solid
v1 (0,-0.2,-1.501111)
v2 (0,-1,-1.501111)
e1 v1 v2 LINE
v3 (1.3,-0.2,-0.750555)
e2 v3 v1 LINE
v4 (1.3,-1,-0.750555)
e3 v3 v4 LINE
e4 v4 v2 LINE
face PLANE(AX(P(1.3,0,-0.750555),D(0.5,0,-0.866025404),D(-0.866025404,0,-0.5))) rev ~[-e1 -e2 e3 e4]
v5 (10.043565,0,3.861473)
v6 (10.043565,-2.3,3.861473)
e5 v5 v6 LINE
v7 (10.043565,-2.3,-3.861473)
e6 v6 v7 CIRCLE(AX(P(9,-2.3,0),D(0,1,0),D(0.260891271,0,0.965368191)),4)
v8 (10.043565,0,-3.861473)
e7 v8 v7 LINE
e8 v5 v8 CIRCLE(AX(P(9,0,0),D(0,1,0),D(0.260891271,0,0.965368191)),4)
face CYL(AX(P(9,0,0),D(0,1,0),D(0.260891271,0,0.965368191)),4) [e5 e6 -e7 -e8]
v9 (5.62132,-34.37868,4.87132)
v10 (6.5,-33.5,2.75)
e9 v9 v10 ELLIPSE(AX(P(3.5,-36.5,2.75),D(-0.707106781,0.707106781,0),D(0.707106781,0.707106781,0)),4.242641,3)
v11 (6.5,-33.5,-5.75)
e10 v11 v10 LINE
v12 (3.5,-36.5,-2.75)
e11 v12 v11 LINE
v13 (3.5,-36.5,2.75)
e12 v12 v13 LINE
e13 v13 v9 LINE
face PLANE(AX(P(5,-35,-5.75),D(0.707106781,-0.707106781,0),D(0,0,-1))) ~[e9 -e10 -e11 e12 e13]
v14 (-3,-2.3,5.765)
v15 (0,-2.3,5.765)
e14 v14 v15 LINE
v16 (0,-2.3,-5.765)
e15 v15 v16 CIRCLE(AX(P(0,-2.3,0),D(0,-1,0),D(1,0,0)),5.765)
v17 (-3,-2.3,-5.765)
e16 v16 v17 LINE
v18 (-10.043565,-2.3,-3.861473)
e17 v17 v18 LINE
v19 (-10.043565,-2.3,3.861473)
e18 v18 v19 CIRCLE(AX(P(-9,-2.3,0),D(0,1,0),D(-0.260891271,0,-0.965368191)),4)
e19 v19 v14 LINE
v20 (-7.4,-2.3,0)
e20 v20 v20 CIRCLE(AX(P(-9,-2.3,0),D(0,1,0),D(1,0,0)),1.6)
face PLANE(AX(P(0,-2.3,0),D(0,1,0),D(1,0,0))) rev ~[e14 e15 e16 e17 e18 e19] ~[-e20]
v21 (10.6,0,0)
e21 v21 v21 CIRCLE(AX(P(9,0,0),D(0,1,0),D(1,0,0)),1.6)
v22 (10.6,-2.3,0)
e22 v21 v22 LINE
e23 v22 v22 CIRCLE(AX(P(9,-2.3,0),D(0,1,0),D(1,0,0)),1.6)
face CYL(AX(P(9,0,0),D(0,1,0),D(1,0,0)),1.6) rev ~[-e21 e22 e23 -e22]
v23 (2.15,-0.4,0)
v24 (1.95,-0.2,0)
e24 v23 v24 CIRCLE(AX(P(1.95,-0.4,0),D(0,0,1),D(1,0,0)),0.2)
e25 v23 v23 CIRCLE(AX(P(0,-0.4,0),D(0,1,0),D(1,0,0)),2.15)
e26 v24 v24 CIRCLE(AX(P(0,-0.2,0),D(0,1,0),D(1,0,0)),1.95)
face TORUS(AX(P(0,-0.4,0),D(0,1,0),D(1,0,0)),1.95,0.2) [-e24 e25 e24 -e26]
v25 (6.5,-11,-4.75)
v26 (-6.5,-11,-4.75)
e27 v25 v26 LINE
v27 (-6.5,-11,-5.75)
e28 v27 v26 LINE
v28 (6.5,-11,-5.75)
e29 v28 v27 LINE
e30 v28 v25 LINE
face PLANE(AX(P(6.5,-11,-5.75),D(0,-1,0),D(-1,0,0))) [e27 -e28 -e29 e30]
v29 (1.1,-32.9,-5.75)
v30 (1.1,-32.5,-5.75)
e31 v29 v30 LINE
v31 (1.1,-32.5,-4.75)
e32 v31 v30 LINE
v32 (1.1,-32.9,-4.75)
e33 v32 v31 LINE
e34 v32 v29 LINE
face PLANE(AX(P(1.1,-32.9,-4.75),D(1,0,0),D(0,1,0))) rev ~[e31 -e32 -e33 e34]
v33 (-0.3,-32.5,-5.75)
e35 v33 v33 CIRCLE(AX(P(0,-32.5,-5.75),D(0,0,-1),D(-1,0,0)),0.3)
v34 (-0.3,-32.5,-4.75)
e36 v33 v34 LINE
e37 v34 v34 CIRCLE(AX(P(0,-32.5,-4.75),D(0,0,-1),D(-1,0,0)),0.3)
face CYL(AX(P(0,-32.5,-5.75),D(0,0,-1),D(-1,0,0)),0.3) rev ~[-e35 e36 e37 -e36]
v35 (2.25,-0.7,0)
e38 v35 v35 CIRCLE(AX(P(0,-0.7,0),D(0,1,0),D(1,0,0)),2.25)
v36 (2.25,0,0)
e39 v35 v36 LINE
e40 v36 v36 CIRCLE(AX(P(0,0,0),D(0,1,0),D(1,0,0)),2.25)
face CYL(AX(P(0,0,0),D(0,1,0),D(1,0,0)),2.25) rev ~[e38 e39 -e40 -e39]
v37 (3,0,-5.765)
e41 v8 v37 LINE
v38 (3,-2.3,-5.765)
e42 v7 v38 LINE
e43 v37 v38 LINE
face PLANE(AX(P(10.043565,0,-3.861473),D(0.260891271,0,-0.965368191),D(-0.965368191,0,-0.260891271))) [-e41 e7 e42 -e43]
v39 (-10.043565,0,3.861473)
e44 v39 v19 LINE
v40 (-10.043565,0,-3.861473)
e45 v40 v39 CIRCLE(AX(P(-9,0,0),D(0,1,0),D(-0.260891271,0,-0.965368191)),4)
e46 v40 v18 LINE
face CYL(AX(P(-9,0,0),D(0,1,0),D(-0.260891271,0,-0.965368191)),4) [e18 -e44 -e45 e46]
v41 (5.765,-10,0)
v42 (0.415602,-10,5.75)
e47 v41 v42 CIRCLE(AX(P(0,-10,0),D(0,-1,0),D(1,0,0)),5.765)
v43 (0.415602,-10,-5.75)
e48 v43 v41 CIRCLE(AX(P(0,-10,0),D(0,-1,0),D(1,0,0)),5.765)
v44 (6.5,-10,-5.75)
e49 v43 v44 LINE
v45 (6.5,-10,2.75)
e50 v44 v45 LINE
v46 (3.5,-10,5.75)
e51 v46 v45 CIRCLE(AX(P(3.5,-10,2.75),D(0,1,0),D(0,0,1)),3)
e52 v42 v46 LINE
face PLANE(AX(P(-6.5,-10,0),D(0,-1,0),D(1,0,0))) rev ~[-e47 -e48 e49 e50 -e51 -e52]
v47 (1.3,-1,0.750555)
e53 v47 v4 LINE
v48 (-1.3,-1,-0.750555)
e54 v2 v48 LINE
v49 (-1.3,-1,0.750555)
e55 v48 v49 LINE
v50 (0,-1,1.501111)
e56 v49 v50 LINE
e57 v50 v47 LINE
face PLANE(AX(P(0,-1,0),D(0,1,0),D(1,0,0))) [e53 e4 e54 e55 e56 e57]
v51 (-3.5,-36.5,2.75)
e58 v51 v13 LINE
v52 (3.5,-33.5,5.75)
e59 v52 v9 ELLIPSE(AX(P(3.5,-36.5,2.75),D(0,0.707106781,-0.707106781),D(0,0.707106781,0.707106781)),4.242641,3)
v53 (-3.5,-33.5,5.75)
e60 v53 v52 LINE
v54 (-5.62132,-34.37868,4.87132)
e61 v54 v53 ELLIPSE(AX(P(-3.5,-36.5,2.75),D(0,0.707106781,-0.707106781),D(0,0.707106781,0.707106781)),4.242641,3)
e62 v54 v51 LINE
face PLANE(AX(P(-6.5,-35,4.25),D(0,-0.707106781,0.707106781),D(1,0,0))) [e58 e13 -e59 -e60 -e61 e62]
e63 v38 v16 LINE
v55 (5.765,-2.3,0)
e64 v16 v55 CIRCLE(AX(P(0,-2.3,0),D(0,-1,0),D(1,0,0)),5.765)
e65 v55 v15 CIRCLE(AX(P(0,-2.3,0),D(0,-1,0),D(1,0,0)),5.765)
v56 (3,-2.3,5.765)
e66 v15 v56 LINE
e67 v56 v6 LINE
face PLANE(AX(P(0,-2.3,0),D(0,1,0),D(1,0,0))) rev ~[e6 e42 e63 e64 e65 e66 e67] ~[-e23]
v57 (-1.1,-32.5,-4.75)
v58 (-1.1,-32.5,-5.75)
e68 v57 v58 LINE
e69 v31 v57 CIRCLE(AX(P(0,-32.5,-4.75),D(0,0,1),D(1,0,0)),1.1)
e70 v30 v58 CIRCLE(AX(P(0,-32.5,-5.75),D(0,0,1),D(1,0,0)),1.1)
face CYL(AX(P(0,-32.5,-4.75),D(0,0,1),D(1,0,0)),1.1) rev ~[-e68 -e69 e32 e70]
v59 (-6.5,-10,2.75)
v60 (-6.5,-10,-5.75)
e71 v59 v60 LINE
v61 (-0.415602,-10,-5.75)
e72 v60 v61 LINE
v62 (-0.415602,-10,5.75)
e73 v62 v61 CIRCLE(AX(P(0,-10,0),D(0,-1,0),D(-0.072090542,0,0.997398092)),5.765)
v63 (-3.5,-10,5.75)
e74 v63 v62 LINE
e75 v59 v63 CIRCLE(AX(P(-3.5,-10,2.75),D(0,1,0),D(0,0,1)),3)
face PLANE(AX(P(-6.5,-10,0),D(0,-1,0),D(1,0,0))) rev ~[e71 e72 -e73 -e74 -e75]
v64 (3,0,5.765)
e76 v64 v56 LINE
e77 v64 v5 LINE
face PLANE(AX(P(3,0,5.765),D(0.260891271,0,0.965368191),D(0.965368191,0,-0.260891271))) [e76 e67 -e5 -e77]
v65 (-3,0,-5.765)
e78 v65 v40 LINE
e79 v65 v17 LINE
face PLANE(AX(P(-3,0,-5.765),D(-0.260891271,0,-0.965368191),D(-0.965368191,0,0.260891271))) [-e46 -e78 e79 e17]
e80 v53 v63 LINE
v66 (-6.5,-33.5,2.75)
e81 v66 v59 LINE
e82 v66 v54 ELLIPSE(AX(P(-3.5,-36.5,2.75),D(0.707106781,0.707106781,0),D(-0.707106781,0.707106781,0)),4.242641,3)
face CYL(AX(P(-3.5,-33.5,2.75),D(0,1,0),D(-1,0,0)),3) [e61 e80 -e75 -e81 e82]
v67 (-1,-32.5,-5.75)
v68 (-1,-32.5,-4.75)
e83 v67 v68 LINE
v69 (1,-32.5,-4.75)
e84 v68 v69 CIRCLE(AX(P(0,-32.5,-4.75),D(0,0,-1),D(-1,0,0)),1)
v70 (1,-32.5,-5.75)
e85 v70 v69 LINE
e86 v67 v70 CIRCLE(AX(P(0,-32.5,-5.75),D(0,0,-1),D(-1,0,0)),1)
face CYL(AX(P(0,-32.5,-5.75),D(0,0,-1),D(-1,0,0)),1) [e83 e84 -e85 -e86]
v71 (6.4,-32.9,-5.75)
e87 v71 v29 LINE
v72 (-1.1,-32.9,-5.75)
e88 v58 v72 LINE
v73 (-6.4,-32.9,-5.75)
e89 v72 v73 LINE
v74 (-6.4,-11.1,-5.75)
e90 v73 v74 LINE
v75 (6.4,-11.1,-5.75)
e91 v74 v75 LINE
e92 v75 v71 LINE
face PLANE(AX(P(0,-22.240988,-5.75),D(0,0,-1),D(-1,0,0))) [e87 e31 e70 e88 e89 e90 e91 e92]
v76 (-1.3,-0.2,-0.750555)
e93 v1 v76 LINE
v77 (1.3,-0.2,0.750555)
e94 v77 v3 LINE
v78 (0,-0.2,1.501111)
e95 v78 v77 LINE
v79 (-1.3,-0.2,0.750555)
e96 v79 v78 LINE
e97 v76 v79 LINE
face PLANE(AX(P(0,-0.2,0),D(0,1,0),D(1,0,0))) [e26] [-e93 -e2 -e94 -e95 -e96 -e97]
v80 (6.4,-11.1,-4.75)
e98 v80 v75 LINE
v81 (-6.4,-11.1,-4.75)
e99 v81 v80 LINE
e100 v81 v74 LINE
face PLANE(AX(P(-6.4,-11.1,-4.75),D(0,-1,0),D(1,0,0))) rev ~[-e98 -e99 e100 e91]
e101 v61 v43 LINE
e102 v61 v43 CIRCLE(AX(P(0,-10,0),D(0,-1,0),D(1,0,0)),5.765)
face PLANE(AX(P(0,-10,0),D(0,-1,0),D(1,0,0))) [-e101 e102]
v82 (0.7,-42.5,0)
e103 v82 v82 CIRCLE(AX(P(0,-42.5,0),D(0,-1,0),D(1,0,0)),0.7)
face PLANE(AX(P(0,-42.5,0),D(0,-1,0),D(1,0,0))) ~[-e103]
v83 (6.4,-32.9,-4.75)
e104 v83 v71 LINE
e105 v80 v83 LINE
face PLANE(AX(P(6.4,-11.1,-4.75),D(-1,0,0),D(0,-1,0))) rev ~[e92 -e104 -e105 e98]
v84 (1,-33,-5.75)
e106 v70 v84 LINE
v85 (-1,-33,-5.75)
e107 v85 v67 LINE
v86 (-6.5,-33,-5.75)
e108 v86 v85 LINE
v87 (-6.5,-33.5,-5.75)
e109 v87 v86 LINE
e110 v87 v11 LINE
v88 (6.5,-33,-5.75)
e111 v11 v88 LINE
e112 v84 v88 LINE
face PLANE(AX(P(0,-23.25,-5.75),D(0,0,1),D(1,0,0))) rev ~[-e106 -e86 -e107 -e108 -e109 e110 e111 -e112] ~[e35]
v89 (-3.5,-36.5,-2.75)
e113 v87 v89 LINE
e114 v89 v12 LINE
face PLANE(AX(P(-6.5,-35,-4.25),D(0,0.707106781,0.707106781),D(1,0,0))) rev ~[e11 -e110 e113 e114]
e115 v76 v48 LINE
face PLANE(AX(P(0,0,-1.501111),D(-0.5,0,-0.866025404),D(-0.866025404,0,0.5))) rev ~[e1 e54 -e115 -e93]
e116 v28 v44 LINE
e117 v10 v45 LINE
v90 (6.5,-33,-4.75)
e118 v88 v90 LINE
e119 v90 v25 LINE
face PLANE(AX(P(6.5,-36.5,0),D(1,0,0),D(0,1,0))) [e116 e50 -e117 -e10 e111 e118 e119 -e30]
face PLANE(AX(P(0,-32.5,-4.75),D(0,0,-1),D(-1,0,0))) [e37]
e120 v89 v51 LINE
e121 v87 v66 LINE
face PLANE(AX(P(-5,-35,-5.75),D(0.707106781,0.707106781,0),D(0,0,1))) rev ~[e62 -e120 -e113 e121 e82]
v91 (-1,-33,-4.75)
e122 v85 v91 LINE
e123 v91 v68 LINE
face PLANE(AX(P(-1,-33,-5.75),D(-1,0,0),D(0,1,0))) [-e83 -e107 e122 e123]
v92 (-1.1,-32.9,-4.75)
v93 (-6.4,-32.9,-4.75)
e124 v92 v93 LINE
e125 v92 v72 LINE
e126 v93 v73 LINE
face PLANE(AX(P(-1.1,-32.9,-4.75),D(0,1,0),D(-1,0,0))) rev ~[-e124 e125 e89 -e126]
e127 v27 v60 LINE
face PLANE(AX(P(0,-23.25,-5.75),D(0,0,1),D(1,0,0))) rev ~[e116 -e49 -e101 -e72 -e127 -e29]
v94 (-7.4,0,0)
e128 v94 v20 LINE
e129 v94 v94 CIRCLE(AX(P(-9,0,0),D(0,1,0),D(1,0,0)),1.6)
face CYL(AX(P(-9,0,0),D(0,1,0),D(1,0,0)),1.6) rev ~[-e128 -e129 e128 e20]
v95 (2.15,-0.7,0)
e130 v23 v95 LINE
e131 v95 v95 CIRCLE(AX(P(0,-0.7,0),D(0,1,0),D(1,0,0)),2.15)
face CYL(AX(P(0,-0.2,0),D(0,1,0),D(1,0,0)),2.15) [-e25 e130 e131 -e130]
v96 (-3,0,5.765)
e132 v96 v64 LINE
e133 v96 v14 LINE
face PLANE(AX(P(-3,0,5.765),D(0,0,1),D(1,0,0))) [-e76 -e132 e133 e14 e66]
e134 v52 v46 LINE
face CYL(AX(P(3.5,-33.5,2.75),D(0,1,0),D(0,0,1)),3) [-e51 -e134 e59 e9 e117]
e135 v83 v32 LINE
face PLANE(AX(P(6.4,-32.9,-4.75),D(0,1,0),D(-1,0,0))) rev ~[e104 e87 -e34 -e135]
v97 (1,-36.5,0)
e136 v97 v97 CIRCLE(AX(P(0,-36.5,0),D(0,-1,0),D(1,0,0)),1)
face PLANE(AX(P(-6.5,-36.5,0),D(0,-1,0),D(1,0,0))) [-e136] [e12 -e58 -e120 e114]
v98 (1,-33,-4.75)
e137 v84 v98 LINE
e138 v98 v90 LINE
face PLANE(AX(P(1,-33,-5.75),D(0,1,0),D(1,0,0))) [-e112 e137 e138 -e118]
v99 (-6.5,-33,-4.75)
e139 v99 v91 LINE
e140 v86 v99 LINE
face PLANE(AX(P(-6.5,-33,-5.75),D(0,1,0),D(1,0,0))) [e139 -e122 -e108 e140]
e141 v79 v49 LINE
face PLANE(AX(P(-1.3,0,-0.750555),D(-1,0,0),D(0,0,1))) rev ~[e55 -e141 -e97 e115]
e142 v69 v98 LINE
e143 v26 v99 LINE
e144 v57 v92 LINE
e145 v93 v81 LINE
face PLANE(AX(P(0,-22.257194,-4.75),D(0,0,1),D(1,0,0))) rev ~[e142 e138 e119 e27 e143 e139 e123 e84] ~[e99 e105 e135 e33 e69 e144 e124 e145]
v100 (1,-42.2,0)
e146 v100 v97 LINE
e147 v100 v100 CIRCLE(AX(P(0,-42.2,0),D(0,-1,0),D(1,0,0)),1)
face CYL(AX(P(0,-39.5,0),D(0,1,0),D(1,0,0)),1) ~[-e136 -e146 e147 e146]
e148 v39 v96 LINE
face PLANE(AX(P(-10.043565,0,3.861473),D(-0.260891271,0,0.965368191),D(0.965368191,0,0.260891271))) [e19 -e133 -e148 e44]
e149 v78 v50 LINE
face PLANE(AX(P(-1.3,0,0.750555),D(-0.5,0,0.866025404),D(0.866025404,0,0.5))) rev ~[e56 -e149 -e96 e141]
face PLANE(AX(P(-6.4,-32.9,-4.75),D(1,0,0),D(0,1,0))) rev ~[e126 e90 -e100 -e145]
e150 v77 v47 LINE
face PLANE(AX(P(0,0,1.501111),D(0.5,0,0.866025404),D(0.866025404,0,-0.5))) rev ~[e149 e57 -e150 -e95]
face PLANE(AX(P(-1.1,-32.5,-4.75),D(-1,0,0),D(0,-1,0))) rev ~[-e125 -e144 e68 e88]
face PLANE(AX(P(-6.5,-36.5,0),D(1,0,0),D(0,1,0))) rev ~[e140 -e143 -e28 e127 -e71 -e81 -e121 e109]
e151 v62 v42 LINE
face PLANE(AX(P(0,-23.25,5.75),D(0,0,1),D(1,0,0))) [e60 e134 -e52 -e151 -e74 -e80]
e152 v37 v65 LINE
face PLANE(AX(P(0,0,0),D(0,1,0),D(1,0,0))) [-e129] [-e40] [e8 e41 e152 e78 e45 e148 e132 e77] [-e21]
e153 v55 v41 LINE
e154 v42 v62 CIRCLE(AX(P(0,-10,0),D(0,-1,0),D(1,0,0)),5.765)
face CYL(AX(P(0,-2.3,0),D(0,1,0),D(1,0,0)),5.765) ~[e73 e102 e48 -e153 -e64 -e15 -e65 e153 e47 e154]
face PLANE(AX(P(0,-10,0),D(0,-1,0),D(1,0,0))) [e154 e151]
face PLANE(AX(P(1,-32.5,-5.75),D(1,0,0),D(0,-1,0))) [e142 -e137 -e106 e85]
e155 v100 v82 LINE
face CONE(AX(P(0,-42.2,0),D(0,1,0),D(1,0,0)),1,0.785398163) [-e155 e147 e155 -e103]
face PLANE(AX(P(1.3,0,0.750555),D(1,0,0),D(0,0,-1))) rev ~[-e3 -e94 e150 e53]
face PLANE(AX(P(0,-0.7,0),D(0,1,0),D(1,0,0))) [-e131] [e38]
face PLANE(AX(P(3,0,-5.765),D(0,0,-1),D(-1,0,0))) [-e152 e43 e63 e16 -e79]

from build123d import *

# Parameters (mm, degrees)
SKETCH1_R                = 1.6
BOSS_EXTRUDE1_DEPTH      = 2.3
SKETCH2_R                = 5.765
BOSS_EXTRUDE2_DEPTH      = 7.7
SKETCH3_W                = 13
SKETCH3_H                = 26.5
BOSS_EXTRUDE3_DEPTH      = 5.75
BOSS_EXTRUDE3_DEPTH_BACK = 5.75
SKETCH4_W                = 1
SKETCH4_H                = 6
CHAMFER1_SIZE            = 3
FILLET1_R                = 3
CHAMFER2_SIZE            = 0.3
SKETCH9_R                = 2.25
CUT_EXTRUDE1_DEPTH       = 0.2
CUT_EXTRUDE2_DEPTH       = 1
SKETCH11_R               = 2.25
SKETCH11_R_2             = 2.15
CUT_EXTRUDE3_DEPTH       = 0.5
FILLET2_R                = 0.2
SKETCH12_R               = 0.3
CUT_EXTRUDE4_DEPTH       = 1
BOSS_EXTRUDE4_DEPTH      = 1


with BuildPart() as part:
    # Sketch1 → Boss-Extrude1 (new body)
    with BuildSketch(Plane(origin=(0, 0, 0), x_dir=(1, 0, 0), z_dir=(0, 1, 0))):
        with BuildLine():
            Line((3, 5.765), (-3, 5.765))
            Line((-3, 5.765), (-10.043565082, 3.861472766))
            ThreePointArc((-10.043565082, 3.861472766), (-13, 0), (-10.043565082, -3.861472766))
            Line((-10.043565082, -3.861472766), (-3, -5.765))
            Line((-3, -5.765), (3, -5.765))
            Line((3, -5.765), (10.043565082, -3.861472766))
            ThreePointArc((10.043565082, -3.861472766), (13, 0), (10.043565082, 3.861472766))
            Line((10.043565082, 3.861472766), (3, 5.765))
        make_face()
        with Locations((9, 0)):
            Circle(SKETCH1_R, mode=Mode.SUBTRACT)
        with Locations((-9, 0)):
            Circle(SKETCH1_R, mode=Mode.SUBTRACT)
    extrude(amount=-BOSS_EXTRUDE1_DEPTH)

    # Sketch2 → Boss-Extrude2 (add)
    with BuildSketch(Plane.XZ.offset(2.3)):
        Circle(SKETCH2_R)
    extrude(amount=BOSS_EXTRUDE2_DEPTH)

    # Sketch3 → Boss-Extrude3 (add, two sides)
    with BuildSketch(Plane.XY) as boss_extrude3_sk:
        with Locations((0, -23.25)):
            Rectangle(SKETCH3_W, SKETCH3_H)
    extrude(amount=BOSS_EXTRUDE3_DEPTH)
    extrude(boss_extrude3_sk.sketch, amount=-BOSS_EXTRUDE3_DEPTH_BACK)

    # Sketch4 → Revolve1 (revolve)
    with BuildSketch(Plane.XY):
        with Locations((0.5, -39.5)):
            Rectangle(SKETCH4_W, SKETCH4_H)
    revolve(axis=Axis((0, -36.5, 0), (0, -1, 0)))

    # Chamfer1
    chamfer1_edges = [part.edges().sort_by_distance(p)[0] for p in [
        (-6.5, -36.5, 0),
        (0, -36.5, -5.75),
        (6.5, -36.5, 0),
        (0, -36.5, 5.75),
    ]]
    chamfer(chamfer1_edges, length=CHAMFER1_SIZE)

    # Fillet1
    fillet1_edges = [part.edges().sort_by_distance(p)[0] for p in [
        (-6.5, -21.75, 5.75),
        (6.5, -21.75, 5.75),
    ]]
    fillet(fillet1_edges, radius=FILLET1_R)

    # Chamfer2
    chamfer2_edges = [part.edges().sort_by_distance(p)[0] for p in [
        (-1, -42.5, 0),
    ]]
    chamfer(chamfer2_edges, length=CHAMFER2_SIZE)

    # Sketch9 → Cut-Extrude1 (cut)
    with BuildSketch(Plane(origin=(0, 0, 0), x_dir=(1, 0, 0), z_dir=(0, 1, 0))):
        Circle(SKETCH9_R)
        Polygon((0, 1.5011107), (-1.3, 0.75055535), (-1.3, -0.75055535), (0, -1.5011107), (1.3, -0.75055535), (1.3, 0.75055535), align=None, mode=Mode.SUBTRACT)
    extrude(amount=-CUT_EXTRUDE1_DEPTH, mode=Mode.SUBTRACT)

    # Sketch10 → Cut-Extrude2 (cut)
    with BuildSketch(Plane(origin=(0, 0, 0), x_dir=(1, 0, 0), z_dir=(0, 1, 0))):
        Polygon((1.3, 0.75055535), (0, 1.5011107), (-1.3, 0.75055535), (-1.3, -0.75055535), (0, -1.5011107), (1.3, -0.75055535), align=None)
    extrude(amount=-CUT_EXTRUDE2_DEPTH, mode=Mode.SUBTRACT)

    # Sketch11 → Cut-Extrude3 (cut)
    with BuildSketch(Plane(origin=(0, -0.2, 0), x_dir=(1, 0, 0), z_dir=(0, 1, 0))):
        Circle(SKETCH11_R)
        Circle(SKETCH11_R_2, mode=Mode.SUBTRACT)
    extrude(amount=-CUT_EXTRUDE3_DEPTH, mode=Mode.SUBTRACT)

    # Fillet2
    fillet2_edges = [part.edges().sort_by_distance(p)[0] for p in [
        (-2.15, -0.2, 0),
    ]]
    fillet(fillet2_edges, radius=FILLET2_R)

    # Sketch12 → Cut-Extrude4 (cut)
    with BuildSketch(Plane(origin=(0, 0, -5.75), x_dir=(-1, 0, 0), z_dir=(0, 0, -1))):
        with Locations((0, -32.5)):
            Circle(SKETCH12_R)
        with BuildLine():
            Line((-6.5, -11), (6.5, -11))
            Line((6.5, -11), (6.5, -33))
            Line((6.5, -33), (1, -33))
            Line((1, -33), (1, -32.5))
            ThreePointArc((1, -32.5), (0, -31.5), (-1, -32.5))
            Line((-1, -32.5), (-1, -33))
            Line((-1, -33), (-6.5, -33))
            Line((-6.5, -33), (-6.5, -11))
        make_face()
    extrude(amount=-CUT_EXTRUDE4_DEPTH, mode=Mode.SUBTRACT)

    # Sketch13 → Boss-Extrude4 (add)
    with BuildSketch(Plane(origin=(0, 0, -4.75), x_dir=(-1, 0, 0), z_dir=(0, 0, -1))):
        with BuildLine():
            Line((6.4, -11.1), (-6.4, -11.1))
            Line((-6.4, -11.1), (-6.4, -32.9))
            Line((-6.4, -32.9), (-1.1, -32.9))
            Line((-1.1, -32.9), (-1.1, -32.5))
            ThreePointArc((-1.1, -32.5), (0, -31.4), (1.1, -32.5))
            Line((1.1, -32.5), (1.1, -32.9))
            Line((1.1, -32.9), (6.4, -32.9))
            Line((6.4, -32.9), (6.4, -11.1))
        make_face()
    extrude(amount=BOSS_EXTRUDE4_DEPTH)


solid = part.part
